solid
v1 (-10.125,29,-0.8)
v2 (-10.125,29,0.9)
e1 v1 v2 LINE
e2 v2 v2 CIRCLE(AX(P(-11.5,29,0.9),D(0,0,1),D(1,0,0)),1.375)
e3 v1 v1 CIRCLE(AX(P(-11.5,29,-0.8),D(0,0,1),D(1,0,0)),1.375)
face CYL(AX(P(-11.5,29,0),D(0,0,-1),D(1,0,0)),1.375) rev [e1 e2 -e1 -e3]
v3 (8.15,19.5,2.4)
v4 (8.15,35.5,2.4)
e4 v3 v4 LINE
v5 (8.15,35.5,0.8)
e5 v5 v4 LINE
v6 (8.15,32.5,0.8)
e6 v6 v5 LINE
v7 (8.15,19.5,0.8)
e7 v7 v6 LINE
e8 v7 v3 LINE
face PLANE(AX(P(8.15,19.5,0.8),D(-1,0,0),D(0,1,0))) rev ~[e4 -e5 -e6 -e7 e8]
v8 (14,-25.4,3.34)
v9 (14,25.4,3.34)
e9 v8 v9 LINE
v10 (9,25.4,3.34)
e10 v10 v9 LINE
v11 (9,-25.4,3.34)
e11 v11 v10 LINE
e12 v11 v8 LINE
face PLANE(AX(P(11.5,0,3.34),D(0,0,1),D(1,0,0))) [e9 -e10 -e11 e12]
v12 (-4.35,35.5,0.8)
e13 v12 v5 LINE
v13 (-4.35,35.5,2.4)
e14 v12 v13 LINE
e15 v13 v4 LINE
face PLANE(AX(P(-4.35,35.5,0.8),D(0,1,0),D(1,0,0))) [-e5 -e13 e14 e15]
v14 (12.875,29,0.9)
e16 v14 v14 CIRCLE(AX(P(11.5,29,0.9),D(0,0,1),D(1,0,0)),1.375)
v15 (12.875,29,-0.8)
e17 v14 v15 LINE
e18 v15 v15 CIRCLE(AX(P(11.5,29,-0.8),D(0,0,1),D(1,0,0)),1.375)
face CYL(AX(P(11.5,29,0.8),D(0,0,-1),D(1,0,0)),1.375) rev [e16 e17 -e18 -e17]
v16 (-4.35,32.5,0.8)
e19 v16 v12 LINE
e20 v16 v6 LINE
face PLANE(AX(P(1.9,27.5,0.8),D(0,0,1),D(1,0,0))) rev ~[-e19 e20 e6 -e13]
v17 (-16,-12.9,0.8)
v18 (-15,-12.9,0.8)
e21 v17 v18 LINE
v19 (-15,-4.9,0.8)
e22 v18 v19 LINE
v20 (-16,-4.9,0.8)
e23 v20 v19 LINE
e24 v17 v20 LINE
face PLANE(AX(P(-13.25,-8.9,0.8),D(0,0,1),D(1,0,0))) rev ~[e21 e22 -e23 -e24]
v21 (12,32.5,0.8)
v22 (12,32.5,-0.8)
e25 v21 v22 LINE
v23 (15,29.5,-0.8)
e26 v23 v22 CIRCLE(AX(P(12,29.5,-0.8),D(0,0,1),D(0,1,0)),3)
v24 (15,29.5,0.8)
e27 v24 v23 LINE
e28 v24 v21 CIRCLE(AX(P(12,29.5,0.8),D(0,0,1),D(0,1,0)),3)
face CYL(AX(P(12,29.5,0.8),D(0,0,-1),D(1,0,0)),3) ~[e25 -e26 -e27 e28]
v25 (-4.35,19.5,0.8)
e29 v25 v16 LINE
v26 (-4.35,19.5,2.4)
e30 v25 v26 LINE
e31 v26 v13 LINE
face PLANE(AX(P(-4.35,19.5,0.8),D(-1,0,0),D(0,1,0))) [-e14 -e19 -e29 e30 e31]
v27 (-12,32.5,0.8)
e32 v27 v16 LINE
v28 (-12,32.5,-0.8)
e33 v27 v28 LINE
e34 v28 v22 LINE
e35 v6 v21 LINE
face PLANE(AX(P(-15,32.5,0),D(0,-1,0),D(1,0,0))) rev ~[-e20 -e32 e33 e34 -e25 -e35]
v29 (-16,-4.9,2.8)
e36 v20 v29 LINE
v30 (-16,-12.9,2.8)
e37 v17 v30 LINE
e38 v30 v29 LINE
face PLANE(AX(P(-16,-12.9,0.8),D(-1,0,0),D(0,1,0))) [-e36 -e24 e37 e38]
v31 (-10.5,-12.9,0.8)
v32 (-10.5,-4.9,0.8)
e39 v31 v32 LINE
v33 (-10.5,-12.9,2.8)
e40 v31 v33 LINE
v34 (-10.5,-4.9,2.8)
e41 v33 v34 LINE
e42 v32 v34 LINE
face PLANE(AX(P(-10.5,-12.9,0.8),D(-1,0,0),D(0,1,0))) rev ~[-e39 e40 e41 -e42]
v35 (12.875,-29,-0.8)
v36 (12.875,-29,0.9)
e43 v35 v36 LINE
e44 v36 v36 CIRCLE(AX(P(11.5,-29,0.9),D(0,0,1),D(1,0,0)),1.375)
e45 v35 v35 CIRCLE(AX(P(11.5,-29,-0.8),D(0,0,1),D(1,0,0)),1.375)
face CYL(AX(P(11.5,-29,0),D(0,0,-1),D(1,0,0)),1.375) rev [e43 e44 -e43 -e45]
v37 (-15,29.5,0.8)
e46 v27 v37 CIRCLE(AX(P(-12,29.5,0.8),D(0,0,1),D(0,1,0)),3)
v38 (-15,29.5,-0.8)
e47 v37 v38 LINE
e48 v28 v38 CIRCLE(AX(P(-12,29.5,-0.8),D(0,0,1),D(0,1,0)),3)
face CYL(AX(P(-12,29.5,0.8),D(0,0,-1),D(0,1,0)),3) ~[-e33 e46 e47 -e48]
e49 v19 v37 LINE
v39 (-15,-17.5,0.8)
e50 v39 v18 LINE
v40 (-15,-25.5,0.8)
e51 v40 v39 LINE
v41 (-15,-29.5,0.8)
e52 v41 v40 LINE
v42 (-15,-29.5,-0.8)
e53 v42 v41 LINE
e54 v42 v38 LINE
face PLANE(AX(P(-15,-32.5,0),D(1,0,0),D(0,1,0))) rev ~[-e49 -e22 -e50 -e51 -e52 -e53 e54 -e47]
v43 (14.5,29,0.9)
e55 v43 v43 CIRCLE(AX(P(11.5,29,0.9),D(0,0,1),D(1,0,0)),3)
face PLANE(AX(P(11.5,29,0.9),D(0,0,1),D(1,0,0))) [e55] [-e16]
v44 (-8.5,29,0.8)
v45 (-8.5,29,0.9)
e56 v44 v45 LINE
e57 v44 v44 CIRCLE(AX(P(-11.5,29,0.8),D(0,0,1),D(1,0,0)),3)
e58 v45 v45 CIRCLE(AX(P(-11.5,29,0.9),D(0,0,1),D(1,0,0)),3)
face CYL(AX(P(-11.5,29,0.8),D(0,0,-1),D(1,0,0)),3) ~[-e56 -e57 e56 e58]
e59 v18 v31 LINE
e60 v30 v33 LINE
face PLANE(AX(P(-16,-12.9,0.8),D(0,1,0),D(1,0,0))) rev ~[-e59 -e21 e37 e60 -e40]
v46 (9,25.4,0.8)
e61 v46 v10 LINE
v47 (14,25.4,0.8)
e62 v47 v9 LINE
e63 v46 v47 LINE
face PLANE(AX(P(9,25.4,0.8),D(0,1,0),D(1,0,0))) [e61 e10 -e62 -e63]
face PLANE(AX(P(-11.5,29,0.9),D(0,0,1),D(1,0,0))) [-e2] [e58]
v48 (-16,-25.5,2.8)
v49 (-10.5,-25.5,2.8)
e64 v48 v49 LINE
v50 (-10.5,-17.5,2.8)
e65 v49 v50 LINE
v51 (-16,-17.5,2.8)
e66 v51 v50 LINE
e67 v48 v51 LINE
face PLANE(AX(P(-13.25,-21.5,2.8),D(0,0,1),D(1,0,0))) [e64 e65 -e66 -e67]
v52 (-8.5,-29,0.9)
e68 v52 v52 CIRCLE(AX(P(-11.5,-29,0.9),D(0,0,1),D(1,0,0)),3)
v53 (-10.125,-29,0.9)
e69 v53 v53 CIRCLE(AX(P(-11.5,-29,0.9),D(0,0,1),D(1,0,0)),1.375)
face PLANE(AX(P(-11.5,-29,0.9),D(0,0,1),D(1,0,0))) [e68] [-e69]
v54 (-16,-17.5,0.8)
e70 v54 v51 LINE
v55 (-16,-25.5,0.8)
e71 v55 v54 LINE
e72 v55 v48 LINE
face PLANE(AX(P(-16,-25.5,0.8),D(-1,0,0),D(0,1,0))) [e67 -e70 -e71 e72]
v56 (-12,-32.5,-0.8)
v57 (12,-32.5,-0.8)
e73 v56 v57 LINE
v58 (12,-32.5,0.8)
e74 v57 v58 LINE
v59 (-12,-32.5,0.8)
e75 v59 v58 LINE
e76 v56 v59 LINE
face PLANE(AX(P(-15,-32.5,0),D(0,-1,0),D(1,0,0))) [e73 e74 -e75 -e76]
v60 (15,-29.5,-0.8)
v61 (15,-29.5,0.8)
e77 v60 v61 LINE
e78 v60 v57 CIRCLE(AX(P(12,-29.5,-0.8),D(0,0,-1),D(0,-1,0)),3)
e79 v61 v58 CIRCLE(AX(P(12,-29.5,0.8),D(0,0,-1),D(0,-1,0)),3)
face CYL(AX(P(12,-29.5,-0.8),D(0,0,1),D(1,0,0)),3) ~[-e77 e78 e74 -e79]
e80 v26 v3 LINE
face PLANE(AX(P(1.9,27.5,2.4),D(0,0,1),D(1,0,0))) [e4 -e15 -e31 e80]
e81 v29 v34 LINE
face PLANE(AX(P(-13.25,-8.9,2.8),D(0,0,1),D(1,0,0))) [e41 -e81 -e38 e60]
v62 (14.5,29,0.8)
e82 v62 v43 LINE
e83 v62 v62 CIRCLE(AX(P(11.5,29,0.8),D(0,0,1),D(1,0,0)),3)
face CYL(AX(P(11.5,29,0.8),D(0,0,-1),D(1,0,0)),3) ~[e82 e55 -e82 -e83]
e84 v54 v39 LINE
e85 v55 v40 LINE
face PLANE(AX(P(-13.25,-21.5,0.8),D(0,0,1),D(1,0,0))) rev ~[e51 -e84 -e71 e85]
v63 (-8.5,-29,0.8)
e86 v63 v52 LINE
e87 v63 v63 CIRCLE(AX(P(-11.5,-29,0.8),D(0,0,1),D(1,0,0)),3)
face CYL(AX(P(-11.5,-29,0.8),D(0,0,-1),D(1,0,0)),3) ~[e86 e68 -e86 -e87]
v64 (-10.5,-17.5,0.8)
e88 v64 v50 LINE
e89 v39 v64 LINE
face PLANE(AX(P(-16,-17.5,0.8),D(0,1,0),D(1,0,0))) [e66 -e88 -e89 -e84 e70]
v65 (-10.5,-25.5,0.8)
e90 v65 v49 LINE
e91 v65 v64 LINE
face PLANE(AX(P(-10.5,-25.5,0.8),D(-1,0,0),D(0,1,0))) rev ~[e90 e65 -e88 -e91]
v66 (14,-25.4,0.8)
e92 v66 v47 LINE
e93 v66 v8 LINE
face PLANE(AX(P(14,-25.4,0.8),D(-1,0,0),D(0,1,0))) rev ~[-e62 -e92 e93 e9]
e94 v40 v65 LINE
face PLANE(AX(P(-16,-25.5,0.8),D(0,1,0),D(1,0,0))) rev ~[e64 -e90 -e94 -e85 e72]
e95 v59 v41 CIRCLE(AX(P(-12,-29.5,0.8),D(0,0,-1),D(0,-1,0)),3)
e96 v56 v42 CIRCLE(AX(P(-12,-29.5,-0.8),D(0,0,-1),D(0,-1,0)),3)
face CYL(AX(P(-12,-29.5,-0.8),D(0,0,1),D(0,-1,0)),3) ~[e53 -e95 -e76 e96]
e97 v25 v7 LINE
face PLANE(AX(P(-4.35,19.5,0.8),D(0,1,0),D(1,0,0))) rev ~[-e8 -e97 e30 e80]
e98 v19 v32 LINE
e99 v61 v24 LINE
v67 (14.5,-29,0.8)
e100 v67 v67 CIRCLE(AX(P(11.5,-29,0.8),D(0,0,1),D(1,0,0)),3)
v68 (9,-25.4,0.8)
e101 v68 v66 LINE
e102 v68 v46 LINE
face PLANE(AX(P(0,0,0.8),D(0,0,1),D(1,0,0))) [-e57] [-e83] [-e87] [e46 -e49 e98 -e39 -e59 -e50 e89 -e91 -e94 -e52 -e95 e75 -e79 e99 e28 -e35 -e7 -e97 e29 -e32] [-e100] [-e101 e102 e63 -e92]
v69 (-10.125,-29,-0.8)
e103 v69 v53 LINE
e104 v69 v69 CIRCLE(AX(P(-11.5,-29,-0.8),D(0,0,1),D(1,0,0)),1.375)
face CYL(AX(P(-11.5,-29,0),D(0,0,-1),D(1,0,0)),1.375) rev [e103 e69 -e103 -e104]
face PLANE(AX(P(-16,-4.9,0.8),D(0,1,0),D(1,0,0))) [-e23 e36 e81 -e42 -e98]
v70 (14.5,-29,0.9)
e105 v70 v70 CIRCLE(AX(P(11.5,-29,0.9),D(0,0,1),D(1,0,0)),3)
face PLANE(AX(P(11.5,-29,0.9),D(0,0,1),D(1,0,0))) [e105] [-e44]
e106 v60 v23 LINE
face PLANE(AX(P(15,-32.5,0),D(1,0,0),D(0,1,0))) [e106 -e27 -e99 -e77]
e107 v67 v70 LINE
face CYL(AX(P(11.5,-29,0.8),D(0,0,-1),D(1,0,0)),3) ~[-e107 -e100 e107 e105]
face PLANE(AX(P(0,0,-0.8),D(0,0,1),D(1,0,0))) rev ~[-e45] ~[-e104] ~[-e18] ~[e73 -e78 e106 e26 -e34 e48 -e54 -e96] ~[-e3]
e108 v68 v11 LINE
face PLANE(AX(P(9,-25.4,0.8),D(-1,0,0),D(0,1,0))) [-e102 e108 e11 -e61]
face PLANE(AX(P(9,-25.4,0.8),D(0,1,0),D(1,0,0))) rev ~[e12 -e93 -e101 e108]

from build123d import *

# Parameters (mm, degrees)
SKETCH1_W           = 30
SKETCH1_H           = 65
SKETCH1_R           = 1.375
BOSS_EXTRUDE1_DEPTH = 0.8
SKETCH4_R           = 3
SKETCH4_R_2         = 1.375
EXTRUDE_THIN1_DEPTH = 0.1
FILLET1_R           = 3
SKETCH2_W           = 12.5
SKETCH2_H           = 16
BOSS_EXTRUDE2_DEPTH = 1.6
SKETCH3_W           = 5
SKETCH3_H           = 50.8
BOSS_EXTRUDE3_DEPTH = 2.54
SKETCH5_W           = 5.5
SKETCH5_H           = 8
BOSS_EXTRUDE4_DEPTH = 2


with BuildPart() as part:
    # Sketch1 → Boss-Extrude1 (new, symmetric)
    with BuildSketch(Plane.XY):
        Rectangle(SKETCH1_W, SKETCH1_H)
        with Locations((11.5, -29)):
            Circle(SKETCH1_R, mode=Mode.SUBTRACT)
        with Locations((-11.5, -29)):
            Circle(SKETCH1_R, mode=Mode.SUBTRACT)
        with Locations((11.5, 29)):
            Circle(SKETCH1_R, mode=Mode.SUBTRACT)
        with Locations((-11.5, 29)):
            Circle(SKETCH1_R, mode=Mode.SUBTRACT)
    extrude(amount=BOSS_EXTRUDE1_DEPTH, both=True)

    # Sketch4 → Extrude-Thin1 (add)
    # profile 1 of 4: a face of its own
    with BuildSketch(Plane.XY.offset(0.8)):
        with Locations((11.5, 29)):
            Circle(SKETCH4_R)
        with Locations((11.5, 29)):
            Circle(SKETCH4_R_2, mode=Mode.SUBTRACT)
    # profile 2 of 4: a face of its own
    with BuildSketch(Plane.XY.offset(0.8)):
        with Locations((11.5, -29)):
            Circle(SKETCH4_R)
        with Locations((11.5, -29)):
            Circle(SKETCH4_R_2, mode=Mode.SUBTRACT)
    # profile 3 of 4: a face of its own
    with BuildSketch(Plane.XY.offset(0.8)):
        with Locations((-11.5, -29)):
            Circle(SKETCH4_R)
        with Locations((-11.5, -29)):
            Circle(SKETCH4_R_2, mode=Mode.SUBTRACT)
    # profile 4 of 4: a face of its own
    with BuildSketch(Plane.XY.offset(0.8)):
        with Locations((-11.5, 29)):
            Circle(SKETCH4_R)
        with Locations((-11.5, 29)):
            Circle(SKETCH4_R_2, mode=Mode.SUBTRACT)
    extrude(amount=EXTRUDE_THIN1_DEPTH)

    # Fillet1
    fillet1_edges = [part.edges().sort_by_distance(p)[0] for p in [
        (-15, -32.5, 0),
        (-15, 32.5, 0),
        (15, 32.5, 0),
        (15, -32.5, 0),
    ]]
    fillet(fillet1_edges, radius=FILLET1_R)

    # Sketch2 → Boss-Extrude2 (add)
    with BuildSketch(Plane.XY.offset(0.8)):
        with Locations((1.9, 27.5)):
            Rectangle(SKETCH2_W, SKETCH2_H)
    extrude(amount=BOSS_EXTRUDE2_DEPTH)

    # Sketch3 → Boss-Extrude3 (add)
    with BuildSketch(Plane.XY.offset(0.8)):
        with Locations((11.5, 0)):
            Rectangle(SKETCH3_W, SKETCH3_H)
    extrude(amount=BOSS_EXTRUDE3_DEPTH)

    # Sketch5 → Boss-Extrude4 (add)
    with BuildSketch(Plane.XY.offset(0.8)):
        with Locations((-13.25, -21.5)):
            Rectangle(SKETCH5_W, SKETCH5_H)
        with Locations((-13.25, -8.9)):
            Rectangle(SKETCH5_W, SKETCH5_H)
    extrude(amount=BOSS_EXTRUDE4_DEPTH)


solid = part.part
